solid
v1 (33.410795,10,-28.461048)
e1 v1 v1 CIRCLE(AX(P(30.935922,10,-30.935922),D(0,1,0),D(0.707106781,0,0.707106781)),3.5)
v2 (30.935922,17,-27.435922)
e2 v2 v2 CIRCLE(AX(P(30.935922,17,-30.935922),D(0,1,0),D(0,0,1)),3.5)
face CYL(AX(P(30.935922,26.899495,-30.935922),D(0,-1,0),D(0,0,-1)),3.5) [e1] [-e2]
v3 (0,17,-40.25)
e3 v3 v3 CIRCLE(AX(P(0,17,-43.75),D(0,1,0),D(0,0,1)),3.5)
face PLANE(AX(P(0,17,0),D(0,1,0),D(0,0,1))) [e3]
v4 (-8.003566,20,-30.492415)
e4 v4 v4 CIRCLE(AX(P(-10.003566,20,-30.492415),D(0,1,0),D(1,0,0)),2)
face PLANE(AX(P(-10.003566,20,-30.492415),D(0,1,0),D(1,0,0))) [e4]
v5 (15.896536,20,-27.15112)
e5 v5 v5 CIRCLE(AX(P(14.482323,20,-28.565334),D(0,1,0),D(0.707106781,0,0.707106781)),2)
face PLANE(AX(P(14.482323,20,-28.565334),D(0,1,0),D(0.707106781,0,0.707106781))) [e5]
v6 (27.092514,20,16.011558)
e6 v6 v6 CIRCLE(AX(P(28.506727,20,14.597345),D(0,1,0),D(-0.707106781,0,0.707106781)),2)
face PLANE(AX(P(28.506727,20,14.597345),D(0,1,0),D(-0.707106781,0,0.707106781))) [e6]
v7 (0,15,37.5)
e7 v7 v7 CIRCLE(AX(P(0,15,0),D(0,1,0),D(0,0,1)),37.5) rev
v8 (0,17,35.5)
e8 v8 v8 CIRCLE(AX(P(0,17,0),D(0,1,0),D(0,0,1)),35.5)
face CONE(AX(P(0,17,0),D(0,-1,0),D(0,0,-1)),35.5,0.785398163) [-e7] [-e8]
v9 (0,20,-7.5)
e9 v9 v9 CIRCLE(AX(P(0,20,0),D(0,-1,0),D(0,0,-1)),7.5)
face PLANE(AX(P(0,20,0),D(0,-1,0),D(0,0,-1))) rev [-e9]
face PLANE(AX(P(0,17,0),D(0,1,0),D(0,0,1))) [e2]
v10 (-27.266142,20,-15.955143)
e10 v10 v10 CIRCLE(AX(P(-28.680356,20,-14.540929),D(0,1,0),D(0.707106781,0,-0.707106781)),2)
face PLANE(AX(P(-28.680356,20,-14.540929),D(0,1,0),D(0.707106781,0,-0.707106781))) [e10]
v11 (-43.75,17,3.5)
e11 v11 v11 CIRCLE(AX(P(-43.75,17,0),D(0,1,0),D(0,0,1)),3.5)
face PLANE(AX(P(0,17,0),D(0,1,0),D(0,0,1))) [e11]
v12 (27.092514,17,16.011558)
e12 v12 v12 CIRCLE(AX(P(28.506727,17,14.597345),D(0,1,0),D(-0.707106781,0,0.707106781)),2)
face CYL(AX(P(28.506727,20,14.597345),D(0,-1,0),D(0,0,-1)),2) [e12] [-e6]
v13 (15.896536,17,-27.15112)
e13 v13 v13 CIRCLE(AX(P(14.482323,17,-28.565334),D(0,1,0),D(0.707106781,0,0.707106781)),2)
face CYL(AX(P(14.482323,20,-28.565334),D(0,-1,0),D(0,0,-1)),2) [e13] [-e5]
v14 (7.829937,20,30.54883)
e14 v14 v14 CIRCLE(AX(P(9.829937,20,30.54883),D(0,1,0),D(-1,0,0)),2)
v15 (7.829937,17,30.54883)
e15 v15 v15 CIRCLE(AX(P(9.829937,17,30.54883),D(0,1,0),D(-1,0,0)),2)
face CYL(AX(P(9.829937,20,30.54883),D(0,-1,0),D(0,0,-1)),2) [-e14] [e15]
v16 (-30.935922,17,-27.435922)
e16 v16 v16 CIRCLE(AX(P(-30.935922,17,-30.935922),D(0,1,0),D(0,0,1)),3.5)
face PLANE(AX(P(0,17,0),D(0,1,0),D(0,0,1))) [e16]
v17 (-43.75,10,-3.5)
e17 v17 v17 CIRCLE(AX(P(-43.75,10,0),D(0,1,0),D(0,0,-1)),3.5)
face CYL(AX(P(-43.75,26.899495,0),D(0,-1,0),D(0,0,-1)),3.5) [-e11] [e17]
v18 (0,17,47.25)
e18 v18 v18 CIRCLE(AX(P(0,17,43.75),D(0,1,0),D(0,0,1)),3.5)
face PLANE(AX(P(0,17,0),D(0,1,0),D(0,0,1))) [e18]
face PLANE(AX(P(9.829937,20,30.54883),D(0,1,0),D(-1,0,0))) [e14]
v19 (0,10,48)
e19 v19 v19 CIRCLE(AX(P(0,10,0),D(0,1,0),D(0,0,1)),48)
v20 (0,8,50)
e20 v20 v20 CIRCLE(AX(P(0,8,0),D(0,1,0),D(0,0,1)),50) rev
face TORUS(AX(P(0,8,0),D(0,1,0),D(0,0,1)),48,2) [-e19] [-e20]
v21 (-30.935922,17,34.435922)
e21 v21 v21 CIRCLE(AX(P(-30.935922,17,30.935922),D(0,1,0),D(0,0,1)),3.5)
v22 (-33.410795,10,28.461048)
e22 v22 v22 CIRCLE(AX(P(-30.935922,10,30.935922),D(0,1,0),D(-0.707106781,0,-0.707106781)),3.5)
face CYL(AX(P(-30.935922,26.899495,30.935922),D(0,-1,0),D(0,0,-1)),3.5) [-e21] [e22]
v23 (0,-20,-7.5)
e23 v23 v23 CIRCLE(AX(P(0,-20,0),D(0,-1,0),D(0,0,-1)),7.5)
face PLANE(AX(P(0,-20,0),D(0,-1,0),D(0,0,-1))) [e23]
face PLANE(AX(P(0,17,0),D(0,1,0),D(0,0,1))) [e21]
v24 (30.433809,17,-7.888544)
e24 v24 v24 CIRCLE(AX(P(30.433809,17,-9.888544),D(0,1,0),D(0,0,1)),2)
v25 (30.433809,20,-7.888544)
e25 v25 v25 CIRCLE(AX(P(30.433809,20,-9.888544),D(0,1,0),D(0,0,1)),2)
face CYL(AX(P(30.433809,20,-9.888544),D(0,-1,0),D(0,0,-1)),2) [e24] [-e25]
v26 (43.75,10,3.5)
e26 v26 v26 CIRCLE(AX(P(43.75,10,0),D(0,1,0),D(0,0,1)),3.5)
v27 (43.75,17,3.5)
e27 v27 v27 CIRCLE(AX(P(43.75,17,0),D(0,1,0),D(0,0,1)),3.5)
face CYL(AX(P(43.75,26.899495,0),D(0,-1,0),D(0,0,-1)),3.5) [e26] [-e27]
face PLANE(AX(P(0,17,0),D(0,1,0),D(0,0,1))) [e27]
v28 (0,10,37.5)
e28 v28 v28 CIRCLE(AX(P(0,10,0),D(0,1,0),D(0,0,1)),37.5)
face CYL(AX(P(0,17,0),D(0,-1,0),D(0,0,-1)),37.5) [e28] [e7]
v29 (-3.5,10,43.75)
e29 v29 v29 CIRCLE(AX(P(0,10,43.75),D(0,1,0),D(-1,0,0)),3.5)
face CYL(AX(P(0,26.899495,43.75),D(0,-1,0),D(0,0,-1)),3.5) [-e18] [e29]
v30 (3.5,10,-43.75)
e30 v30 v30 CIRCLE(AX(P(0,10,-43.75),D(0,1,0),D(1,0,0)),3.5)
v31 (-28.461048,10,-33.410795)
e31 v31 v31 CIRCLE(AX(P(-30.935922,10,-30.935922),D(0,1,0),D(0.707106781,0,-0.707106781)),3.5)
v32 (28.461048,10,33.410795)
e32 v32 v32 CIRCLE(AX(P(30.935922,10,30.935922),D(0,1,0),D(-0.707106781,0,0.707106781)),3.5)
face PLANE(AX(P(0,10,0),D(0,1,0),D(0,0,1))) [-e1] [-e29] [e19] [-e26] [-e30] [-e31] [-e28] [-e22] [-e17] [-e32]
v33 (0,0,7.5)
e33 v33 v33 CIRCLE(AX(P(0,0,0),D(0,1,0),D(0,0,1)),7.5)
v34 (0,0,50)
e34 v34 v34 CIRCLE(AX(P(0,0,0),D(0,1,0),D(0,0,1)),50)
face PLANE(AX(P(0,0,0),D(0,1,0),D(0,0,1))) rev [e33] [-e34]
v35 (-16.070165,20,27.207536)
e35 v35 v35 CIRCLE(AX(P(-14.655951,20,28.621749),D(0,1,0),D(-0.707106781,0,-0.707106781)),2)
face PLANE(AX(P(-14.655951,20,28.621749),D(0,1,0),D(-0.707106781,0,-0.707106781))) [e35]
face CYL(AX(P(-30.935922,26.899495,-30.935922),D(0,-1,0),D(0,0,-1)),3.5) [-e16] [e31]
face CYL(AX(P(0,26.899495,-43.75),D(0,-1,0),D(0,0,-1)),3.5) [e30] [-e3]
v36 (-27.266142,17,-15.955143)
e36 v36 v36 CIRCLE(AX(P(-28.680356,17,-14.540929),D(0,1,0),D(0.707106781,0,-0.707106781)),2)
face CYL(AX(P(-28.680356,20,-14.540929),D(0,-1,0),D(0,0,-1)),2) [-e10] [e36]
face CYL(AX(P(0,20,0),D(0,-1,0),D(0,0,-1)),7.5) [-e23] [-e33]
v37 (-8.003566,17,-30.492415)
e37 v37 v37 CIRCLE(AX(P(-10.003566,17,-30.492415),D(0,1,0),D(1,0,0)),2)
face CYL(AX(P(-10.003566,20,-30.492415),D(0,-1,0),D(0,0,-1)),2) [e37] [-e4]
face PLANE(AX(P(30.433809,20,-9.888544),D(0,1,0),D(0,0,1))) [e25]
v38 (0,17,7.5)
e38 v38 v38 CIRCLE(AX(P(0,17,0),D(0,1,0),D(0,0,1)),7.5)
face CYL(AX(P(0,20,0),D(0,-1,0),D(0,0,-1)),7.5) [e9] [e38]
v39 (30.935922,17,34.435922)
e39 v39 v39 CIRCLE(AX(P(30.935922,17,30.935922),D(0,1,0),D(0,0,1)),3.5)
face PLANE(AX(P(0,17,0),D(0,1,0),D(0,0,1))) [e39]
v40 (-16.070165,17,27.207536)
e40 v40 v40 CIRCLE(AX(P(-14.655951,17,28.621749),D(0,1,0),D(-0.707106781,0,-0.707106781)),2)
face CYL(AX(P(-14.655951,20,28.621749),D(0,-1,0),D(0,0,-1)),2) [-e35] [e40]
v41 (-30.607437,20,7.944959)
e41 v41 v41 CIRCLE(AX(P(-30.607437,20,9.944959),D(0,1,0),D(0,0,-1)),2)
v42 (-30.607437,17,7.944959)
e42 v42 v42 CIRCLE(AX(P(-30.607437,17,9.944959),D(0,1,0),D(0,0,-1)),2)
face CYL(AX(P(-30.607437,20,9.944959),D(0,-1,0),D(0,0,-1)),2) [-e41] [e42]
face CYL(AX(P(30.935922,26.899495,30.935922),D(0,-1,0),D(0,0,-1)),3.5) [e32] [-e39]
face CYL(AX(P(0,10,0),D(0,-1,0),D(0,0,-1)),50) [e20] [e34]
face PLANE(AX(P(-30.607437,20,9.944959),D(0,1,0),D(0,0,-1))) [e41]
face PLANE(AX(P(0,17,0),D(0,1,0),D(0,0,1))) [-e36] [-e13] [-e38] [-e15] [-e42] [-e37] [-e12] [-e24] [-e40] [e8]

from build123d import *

# Parameters (mm, degrees)
SKETCH2_R                = 50
BOSS_EXTRUDE1_DEPTH      = 10
SKETCH4_R                = 37.5
BOSS_EXTRUDE3_DEPTH      = 7
SKETCH5_R                = 3.5
BOSS_EXTRUDE4_DEPTH      = 7
CIRPATTERN1_COUNT        = 8
SKETCH6_R                = 2
BOSS_EXTRUDE5_DEPTH      = 3
CIRPATTERN2_COUNT        = 8
CHAMFER1_SIZE            = 2
FILLET1_R                = 2
BOSS_EXTRUDE6_DEPTH      = 20
BOSS_EXTRUDE6_DEPTH_BACK = 20
SKETCH7_R                = 7.5


with BuildPart() as part:
    # Sketch2 → Boss-Extrude1 (new body)
    with BuildSketch(Plane(origin=(0, 0, 0), x_dir=(1, 0, 0), z_dir=(0, 1, 0))):
        with Locations(Location((0, 0, 0), (0, 0, 270))):
            Circle(SKETCH2_R)
    extrude(amount=BOSS_EXTRUDE1_DEPTH)

    # Sketch4 → Boss-Extrude3 (add)
    with BuildSketch(Plane(origin=(0, 10, 0), x_dir=(1, 0, 0), z_dir=(0, 1, 0))):
        with Locations(Location((0, 0, 0), (0, 0, 270))):
            Circle(SKETCH4_R)
    extrude(amount=BOSS_EXTRUDE3_DEPTH)

    # Sketch5 → Boss-Extrude4 (add)
    with BuildSketch(Plane(origin=(0, 10, 0), x_dir=(1, 0, 0), z_dir=(0, 1, 0))):
        with Locations(Location((43.75, 0, 0), (0, 0, 270))):
            Circle(SKETCH5_R)
    boss_extrude4 = extrude(amount=BOSS_EXTRUDE4_DEPTH)

    # CirPattern1: Boss-Extrude4 ×8 about axis
    cirpattern1_axis = Axis((0, 0, 0), (0, 1, 0))
    for i in range(1, CIRPATTERN1_COUNT):
        add(boss_extrude4.rotate(cirpattern1_axis, i * 360 / CIRPATTERN1_COUNT))

    # Sketch6 → Boss-Extrude5 (add)
    with BuildSketch(Plane(origin=(0, 17, 0), x_dir=(1, 0, 0), z_dir=(0, 1, 0))):
        with Locations(Location((30.433808521, 9.88854382, 0), (0, 0, 270))):
            Circle(SKETCH6_R)
    boss_extrude5 = extrude(amount=BOSS_EXTRUDE5_DEPTH)

    # CirPattern2: Boss-Extrude5 ×8 about axis
    cirpattern2_axis = Axis((-0.086814216, 0, 0.028207649), (0, 1, 0))
    for i in range(1, CIRPATTERN2_COUNT):
        add(boss_extrude5.rotate(cirpattern2_axis, i * 360 / CIRPATTERN2_COUNT))

    # Chamfer1
    chamfer1_edges = [part.edges().sort_by_distance(p)[0] for p in [
        (0, 17, -37.5),
    ]]
    chamfer(chamfer1_edges, length=CHAMFER1_SIZE)

    # Fillet1
    fillet1_edges = [part.edges().sort_by_distance(p)[0] for p in [
        (0, 10, -50),
    ]]
    fillet(fillet1_edges, radius=FILLET1_R)

    # Sketch7 → Boss-Extrude6 (add, two sides: drawn at the far end of the back side and taken through both)
    with BuildSketch(Plane.XZ.offset(-BOSS_EXTRUDE6_DEPTH_BACK)):
        with Locations(Location((0, 0, 0), (0, 0, 270))):
            Circle(SKETCH7_R)
    extrude(amount=BOSS_EXTRUDE6_DEPTH + BOSS_EXTRUDE6_DEPTH_BACK)


solid = part.part
